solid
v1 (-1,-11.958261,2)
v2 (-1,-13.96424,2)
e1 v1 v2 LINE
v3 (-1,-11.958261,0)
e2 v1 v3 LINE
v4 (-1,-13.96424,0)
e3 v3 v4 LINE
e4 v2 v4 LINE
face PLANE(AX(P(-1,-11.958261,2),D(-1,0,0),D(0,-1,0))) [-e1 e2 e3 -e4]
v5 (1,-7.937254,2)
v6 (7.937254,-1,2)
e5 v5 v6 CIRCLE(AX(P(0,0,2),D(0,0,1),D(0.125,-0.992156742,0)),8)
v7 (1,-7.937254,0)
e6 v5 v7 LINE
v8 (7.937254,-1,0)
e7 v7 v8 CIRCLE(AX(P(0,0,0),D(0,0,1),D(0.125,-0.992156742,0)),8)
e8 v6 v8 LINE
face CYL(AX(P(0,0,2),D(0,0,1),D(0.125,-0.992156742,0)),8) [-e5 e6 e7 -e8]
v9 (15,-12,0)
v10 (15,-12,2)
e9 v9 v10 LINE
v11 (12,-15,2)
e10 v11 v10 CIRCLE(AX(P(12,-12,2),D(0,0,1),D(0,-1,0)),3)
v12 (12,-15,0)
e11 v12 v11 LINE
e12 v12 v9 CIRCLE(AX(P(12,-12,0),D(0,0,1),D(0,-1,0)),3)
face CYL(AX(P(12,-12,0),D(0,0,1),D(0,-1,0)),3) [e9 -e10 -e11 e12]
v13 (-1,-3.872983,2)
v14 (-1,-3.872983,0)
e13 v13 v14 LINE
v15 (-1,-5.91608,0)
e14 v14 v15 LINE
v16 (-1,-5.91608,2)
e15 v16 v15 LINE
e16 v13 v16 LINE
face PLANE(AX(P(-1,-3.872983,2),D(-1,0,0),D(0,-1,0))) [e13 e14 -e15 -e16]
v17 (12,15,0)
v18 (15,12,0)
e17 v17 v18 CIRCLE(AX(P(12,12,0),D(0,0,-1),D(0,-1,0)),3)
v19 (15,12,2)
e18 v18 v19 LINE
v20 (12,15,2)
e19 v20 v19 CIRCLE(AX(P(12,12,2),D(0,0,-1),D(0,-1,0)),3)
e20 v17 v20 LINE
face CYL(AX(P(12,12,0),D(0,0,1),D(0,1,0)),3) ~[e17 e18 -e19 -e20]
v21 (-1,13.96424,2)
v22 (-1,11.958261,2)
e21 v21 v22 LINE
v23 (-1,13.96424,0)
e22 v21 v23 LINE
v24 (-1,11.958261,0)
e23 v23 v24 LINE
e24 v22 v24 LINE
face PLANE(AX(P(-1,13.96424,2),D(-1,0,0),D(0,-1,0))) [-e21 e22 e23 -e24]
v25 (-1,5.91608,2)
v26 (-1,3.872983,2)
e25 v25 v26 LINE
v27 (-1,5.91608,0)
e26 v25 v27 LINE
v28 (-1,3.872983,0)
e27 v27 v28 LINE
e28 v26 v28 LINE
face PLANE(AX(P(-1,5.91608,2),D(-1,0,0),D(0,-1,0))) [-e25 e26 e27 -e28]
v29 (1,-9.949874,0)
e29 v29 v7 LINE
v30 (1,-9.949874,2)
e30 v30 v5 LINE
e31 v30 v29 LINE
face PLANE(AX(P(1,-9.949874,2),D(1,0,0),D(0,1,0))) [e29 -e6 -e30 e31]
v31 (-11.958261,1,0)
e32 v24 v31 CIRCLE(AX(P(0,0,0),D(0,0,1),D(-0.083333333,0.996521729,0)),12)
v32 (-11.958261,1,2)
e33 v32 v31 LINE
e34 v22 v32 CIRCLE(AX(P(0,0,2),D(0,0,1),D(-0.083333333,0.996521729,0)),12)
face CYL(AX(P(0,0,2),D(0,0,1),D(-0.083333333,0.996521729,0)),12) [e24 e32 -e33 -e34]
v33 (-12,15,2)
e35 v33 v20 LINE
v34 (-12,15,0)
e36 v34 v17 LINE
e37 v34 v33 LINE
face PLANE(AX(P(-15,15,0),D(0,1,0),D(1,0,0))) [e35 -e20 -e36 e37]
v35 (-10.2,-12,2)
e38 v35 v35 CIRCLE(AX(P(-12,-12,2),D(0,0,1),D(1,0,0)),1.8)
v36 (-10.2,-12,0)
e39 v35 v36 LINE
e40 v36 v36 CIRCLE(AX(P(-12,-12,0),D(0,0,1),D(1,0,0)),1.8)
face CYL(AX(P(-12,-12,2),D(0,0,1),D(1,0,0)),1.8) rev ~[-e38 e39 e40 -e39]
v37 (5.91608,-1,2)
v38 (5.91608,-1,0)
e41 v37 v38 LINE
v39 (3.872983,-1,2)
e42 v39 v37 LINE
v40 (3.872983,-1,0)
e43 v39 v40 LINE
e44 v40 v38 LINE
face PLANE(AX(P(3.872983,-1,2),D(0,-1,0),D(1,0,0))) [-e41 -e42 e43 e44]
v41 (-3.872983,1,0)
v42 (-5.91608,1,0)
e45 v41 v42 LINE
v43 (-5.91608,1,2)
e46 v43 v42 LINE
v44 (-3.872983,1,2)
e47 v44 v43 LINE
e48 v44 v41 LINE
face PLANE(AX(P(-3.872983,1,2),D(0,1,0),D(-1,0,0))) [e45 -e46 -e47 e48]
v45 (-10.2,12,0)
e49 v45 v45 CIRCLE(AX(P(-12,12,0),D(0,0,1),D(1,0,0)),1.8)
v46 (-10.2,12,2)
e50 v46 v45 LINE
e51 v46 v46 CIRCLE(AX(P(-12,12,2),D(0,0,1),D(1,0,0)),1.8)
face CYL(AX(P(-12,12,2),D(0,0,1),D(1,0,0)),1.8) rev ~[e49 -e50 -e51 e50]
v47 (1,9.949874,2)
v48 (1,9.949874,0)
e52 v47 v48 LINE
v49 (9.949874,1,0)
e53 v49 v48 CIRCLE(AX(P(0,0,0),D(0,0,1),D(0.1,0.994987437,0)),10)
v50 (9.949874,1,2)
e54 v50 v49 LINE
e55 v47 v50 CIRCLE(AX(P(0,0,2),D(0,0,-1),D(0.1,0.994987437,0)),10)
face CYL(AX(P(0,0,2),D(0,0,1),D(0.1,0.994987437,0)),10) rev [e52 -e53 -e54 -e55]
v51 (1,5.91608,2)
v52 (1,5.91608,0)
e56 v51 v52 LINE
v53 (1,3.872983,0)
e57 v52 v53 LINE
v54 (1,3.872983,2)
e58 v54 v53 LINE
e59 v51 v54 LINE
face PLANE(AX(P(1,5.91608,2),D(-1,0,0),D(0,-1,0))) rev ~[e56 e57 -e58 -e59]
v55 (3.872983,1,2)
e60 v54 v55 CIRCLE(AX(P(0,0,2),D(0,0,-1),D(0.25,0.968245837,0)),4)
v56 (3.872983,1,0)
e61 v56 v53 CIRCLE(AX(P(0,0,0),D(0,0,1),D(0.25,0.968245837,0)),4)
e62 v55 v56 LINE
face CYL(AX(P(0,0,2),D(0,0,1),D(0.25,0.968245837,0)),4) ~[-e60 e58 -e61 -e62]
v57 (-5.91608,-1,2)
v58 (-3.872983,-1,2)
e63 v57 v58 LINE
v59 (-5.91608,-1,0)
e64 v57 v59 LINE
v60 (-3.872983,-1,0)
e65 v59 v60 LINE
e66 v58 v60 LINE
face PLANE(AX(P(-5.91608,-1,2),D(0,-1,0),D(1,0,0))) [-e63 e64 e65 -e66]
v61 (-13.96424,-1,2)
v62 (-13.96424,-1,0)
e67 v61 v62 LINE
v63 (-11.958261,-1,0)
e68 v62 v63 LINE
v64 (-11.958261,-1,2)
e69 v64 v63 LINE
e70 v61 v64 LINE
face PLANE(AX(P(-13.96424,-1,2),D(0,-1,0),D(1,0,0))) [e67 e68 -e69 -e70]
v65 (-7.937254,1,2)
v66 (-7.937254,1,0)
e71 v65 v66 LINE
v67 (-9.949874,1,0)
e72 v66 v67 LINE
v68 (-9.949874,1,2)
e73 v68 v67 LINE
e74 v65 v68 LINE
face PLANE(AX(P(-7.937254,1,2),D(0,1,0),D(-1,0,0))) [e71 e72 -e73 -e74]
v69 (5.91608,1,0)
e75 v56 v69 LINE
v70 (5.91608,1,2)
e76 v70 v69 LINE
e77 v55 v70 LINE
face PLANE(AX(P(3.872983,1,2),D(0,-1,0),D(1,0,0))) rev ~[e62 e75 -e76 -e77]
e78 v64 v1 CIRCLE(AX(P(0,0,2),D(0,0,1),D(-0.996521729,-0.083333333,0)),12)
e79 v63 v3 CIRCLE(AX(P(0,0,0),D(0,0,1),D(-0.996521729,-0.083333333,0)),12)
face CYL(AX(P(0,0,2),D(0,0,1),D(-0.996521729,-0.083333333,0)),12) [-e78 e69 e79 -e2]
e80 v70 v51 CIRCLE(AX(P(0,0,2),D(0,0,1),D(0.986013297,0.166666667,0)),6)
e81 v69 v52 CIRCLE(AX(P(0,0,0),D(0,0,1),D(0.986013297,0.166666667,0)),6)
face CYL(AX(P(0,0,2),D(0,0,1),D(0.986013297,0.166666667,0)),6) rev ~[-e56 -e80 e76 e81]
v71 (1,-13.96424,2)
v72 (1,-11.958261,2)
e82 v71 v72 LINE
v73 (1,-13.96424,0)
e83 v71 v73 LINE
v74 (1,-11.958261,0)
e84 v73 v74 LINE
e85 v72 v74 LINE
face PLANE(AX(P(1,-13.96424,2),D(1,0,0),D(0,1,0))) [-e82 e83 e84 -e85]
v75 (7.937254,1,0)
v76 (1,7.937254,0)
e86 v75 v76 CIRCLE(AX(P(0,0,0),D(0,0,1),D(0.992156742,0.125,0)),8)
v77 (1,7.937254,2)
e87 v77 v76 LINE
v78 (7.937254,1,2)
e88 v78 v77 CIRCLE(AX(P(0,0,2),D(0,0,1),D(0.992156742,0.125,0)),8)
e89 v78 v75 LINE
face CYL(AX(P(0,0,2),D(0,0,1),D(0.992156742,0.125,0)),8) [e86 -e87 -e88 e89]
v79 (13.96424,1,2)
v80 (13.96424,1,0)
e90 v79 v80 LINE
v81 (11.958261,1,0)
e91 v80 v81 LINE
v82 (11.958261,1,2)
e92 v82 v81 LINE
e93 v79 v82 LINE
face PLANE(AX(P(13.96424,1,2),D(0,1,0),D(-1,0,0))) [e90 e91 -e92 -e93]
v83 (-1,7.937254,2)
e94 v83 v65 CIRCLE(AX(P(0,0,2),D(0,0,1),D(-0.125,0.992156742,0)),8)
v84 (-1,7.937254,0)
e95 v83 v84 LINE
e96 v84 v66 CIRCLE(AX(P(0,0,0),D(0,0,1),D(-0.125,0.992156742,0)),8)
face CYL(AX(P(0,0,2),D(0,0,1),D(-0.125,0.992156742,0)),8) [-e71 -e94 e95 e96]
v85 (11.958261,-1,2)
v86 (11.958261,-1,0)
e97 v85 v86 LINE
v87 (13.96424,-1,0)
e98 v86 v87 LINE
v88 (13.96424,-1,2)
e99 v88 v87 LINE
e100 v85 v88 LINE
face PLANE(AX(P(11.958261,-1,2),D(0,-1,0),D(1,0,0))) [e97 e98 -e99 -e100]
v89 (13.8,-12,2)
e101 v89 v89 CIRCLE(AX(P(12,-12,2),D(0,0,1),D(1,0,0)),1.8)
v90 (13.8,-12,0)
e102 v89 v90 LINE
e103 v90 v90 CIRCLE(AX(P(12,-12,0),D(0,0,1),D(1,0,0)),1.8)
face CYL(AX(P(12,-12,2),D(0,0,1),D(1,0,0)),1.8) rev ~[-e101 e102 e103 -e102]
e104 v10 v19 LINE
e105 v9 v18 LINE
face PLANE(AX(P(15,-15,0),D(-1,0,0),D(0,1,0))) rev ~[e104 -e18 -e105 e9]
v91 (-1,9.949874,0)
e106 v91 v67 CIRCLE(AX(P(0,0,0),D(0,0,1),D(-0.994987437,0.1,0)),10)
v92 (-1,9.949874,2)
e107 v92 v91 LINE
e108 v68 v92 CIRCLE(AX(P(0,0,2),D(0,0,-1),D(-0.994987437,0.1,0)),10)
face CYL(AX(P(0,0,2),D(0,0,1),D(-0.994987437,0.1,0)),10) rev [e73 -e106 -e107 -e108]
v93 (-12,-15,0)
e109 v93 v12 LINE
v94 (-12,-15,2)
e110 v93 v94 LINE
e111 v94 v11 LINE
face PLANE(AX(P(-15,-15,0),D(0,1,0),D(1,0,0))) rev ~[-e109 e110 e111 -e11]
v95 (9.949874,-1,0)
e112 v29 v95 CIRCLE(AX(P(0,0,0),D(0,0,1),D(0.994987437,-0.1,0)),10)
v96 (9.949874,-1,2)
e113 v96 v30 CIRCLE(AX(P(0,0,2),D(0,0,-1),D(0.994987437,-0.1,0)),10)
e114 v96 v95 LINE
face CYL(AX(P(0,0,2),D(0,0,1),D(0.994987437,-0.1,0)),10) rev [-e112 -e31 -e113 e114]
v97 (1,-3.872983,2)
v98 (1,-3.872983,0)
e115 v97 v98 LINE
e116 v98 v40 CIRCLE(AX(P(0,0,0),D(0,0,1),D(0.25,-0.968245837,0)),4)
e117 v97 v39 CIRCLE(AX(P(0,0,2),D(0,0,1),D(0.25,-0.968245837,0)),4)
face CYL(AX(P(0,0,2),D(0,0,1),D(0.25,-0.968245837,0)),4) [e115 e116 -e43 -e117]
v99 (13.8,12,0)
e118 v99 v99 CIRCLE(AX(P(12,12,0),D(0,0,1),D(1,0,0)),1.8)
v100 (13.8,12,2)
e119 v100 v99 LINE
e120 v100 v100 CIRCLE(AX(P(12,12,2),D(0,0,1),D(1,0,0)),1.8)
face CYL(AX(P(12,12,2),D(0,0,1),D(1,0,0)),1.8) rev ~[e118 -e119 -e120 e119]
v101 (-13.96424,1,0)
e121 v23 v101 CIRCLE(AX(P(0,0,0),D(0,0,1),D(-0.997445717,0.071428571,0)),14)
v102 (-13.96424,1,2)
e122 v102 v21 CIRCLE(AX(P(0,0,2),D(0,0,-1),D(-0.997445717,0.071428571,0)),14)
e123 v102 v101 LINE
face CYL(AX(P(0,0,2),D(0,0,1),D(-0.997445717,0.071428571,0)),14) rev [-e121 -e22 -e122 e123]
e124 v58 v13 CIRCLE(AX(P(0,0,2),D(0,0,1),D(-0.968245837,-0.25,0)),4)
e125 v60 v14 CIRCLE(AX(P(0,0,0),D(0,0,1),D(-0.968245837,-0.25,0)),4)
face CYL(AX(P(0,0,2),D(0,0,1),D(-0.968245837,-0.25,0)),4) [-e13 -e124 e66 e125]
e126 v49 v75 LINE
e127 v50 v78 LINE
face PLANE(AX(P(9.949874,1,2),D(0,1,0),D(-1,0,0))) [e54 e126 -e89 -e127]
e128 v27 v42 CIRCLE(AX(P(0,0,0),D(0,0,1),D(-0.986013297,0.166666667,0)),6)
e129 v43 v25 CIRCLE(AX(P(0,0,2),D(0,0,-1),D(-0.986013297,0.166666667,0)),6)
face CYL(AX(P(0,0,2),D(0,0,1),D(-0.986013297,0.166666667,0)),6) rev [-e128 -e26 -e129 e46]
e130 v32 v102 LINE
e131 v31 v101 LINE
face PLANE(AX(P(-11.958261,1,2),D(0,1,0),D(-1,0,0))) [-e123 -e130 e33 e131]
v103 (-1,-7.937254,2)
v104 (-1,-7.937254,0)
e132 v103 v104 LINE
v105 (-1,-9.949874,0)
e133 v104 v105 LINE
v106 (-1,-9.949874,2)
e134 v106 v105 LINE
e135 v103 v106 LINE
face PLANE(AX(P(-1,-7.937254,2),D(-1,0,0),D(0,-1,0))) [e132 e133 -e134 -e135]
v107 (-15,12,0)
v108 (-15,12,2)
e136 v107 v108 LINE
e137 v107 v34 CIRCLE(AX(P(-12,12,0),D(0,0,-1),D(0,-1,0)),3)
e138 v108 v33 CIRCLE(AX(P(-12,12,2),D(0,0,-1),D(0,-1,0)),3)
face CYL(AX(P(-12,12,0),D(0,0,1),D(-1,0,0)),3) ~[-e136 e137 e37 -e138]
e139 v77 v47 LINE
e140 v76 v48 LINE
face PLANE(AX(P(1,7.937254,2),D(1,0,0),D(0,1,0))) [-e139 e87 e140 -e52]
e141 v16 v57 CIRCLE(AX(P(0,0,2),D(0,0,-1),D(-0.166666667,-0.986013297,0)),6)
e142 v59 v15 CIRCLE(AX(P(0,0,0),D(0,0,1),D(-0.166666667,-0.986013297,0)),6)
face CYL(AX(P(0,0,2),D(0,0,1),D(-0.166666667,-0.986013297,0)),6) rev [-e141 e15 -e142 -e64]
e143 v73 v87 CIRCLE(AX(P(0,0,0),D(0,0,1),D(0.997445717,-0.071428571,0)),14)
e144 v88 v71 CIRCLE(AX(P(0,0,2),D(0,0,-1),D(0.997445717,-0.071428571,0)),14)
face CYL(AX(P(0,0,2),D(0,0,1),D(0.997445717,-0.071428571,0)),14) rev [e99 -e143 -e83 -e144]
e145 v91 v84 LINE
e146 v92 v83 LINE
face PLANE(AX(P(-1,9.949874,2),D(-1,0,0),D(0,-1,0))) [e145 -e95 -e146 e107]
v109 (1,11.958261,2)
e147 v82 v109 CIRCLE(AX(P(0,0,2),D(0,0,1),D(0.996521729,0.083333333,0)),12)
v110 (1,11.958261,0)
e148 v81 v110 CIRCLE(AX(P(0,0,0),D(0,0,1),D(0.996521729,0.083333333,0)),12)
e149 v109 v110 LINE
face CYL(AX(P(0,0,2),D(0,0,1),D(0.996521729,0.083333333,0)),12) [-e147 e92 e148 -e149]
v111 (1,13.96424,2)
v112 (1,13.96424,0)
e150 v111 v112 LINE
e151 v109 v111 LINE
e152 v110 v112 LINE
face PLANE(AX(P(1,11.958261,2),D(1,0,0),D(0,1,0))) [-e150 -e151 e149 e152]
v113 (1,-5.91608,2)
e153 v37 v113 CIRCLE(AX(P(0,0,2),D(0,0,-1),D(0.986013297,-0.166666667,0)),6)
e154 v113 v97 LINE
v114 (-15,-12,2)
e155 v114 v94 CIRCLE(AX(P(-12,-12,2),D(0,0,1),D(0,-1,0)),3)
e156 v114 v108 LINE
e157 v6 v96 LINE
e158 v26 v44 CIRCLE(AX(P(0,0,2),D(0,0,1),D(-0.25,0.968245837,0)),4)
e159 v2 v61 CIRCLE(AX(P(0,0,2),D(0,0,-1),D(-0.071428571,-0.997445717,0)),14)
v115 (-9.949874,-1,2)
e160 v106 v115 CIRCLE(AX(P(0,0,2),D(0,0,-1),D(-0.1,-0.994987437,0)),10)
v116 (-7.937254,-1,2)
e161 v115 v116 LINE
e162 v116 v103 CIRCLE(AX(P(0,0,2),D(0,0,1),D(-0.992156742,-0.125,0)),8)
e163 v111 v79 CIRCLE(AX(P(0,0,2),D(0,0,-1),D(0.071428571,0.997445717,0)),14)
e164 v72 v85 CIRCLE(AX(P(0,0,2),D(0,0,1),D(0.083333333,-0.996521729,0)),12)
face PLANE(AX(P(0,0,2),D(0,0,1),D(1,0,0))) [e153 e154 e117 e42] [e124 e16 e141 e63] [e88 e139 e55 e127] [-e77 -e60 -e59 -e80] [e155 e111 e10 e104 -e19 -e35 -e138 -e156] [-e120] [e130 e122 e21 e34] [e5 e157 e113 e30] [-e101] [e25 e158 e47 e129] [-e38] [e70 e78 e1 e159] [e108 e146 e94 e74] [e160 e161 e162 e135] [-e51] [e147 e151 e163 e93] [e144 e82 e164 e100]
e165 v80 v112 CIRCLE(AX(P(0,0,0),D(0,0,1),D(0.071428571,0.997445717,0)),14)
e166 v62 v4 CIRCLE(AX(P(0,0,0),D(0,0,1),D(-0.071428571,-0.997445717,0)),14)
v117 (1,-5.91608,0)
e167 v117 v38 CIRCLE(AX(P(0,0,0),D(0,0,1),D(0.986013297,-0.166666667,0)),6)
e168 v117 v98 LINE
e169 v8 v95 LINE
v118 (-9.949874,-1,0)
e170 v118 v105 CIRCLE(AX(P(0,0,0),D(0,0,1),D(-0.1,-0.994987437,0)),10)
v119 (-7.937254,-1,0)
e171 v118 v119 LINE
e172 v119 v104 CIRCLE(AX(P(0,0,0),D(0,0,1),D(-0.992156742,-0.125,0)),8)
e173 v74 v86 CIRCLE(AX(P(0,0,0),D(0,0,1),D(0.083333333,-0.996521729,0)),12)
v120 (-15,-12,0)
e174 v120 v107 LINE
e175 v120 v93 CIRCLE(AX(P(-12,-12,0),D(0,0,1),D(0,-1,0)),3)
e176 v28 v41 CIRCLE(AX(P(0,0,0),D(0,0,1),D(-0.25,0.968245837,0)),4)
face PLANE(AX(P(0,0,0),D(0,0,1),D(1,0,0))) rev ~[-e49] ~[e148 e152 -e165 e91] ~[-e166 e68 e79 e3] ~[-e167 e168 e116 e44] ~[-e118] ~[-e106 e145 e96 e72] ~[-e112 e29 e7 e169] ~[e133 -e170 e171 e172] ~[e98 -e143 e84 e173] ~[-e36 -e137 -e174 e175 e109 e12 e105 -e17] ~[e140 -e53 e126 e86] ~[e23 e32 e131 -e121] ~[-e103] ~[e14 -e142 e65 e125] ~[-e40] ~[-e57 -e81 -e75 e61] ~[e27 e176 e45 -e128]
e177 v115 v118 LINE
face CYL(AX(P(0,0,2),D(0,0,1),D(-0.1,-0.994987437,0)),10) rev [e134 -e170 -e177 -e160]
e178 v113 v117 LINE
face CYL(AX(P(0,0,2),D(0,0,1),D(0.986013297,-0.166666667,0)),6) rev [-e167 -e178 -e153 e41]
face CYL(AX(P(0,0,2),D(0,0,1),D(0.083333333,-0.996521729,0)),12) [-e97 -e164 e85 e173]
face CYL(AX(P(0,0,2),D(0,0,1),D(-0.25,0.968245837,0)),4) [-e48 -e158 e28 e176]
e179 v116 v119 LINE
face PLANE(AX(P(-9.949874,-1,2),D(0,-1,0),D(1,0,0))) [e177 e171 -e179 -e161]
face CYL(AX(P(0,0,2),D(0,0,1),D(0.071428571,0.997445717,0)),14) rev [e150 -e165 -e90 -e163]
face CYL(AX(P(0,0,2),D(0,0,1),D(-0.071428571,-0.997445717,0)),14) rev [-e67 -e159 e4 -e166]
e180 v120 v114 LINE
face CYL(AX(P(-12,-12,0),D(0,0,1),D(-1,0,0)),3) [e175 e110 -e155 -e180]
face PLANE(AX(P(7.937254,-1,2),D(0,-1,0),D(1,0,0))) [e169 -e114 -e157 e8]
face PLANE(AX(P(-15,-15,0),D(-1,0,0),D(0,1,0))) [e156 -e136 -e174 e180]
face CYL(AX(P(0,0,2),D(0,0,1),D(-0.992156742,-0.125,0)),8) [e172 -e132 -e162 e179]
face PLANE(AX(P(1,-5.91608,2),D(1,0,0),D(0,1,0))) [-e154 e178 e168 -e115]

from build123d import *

# Parameters (mm, degrees)
SKETCH1_W           = 30
SKETCH1_H           = 30
BOSS_EXTRUDE1_DEPTH = 2
SKETCH2_R           = 1.8
CUT_EXTRUDE1_DEPTH  = 22.307275753
FILLET1_R           = 3
CUT_EXTRUDE2_DEPTH  = 22.307275753


with BuildPart() as part:
    # Sketch1 → Boss-Extrude1 (new body)
    with BuildSketch(Plane.XY):
        Rectangle(SKETCH1_W, SKETCH1_H)
    extrude(amount=BOSS_EXTRUDE1_DEPTH)

    # Sketch2 → Cut-Extrude1 (cut, through all)
    with BuildSketch(Plane.XY.offset(2)):
        with Locations((-12, 12)):
            Circle(SKETCH2_R)
        with Locations((12, 12)):
            Circle(SKETCH2_R)
        with Locations((12, -12)):
            Circle(SKETCH2_R)
        with Locations((-12, -12)):
            Circle(SKETCH2_R)
    extrude(amount=-CUT_EXTRUDE1_DEPTH, mode=Mode.SUBTRACT)

    # Fillet1
    fillet1_edges = [part.edges().sort_by_distance(p)[0] for p in [
        (15, -15, 1),
        (-15, -15, 1),
        (-15, 15, 1),
        (15, 15, 1),
    ]]
    fillet(fillet1_edges, radius=FILLET1_R)

    # Sketch3 → Cut-Extrude2 (cut, through all)
    with BuildSketch(Plane.XY.offset(2)):
        with BuildLine():
            Line((-7.937253933, 1), (-9.949874371, 1))
            ThreePointArc((-9.949874371, 1), (-7.071067812, 7.071067812), (-1, 9.949874371))
            Line((-1, 9.949874371), (-1, 7.937253933))
            ThreePointArc((-1, 7.937253933), (-5.656854249, 5.656854249), (-7.937253933, 1))
        make_face()
        with BuildLine():
            Line((-1, -3.872983346), (-1, -5.916079783))
            ThreePointArc((-1, -5.916079783), (-4.242640687, -4.242640687), (-5.916079783, -1))
            Line((-5.916079783, -1), (-3.872983346, -1))
            ThreePointArc((-3.872983346, -1), (-2.828427125, -2.828427125), (-1, -3.872983346))
        make_face()
        with BuildLine():
            Line((-3.872983346, 1), (-5.916079783, 1))
            ThreePointArc((-5.916079783, 1), (-4.242640687, 4.242640687), (-1, 5.916079783))
            Line((-1, 5.916079783), (-1, 3.872983346))
            ThreePointArc((-1, 3.872983346), (-2.828427125, 2.828427125), (-3.872983346, 1))
        make_face()
        with BuildLine():
            Line((3.872983346, -1), (5.916079783, -1))
            ThreePointArc((5.916079783, -1), (4.242640687, -4.242640687), (1, -5.916079783))
            Line((1, -5.916079783), (1, -3.872983346))
            ThreePointArc((1, -3.872983346), (2.828427125, -2.828427125), (3.872983346, -1))
        make_face()
        with BuildLine():
            Line((3.872983346, 1), (5.916079783, 1))
            ThreePointArc((5.916079783, 1), (4.242640687, 4.242640687), (1, 5.916079783))
            Line((1, 5.916079783), (1, 3.872983346))
            ThreePointArc((1, 3.872983346), (2.828427125, 2.828427125), (3.872983346, 1))
        make_face()
        with BuildLine():
            Line((-11.958260743, 1), (-13.964240044, 1))
            ThreePointArc((-13.964240044, 1), (-9.899494937, 9.899494937), (-1, 13.964240044))
            Line((-1, 13.964240044), (-1, 11.958260743))
            ThreePointArc((-1, 11.958260743), (-8.485281374, 8.485281374), (-11.958260743, 1))
        make_face()
        with BuildLine():
            Line((1, 11.958260743), (1, 13.964240044))
            ThreePointArc((1, 13.964240044), (9.899494937, 9.899494937), (13.964240044, 1))
            Line((13.964240044, 1), (11.958260743, 1))
            ThreePointArc((11.958260743, 1), (8.485281374, 8.485281374), (1, 11.958260743))
        make_face()
        with BuildLine():
            Line((1, 7.937253933), (1, 9.949874371))
            ThreePointArc((1, 9.949874371), (7.071067812, 7.071067812), (9.949874371, 1))
            Line((9.949874371, 1), (7.937253933, 1))
            ThreePointArc((7.937253933, 1), (5.656854249, 5.656854249), (1, 7.937253933))
        make_face()
        with BuildLine():
            Line((7.937253933, -1), (9.949874371, -1))
            ThreePointArc((9.949874371, -1), (7.071067812, -7.071067812), (1, -9.949874371))
            Line((1, -9.949874371), (1, -7.937253933))
            ThreePointArc((1, -7.937253933), (5.656854249, -5.656854249), (7.937253933, -1))
        make_face()
        with BuildLine():
            Line((11.958260743, -1), (13.964240044, -1))
            ThreePointArc((13.964240044, -1), (9.899494937, -9.899494937), (1, -13.964240044))
            Line((1, -13.964240044), (1, -11.958260743))
            ThreePointArc((1, -11.958260743), (8.485281374, -8.485281374), (11.958260743, -1))
        make_face()
        with BuildLine():
            Line((-1, -11.958260743), (-1, -13.964240044))
            ThreePointArc((-1, -13.964240044), (-9.899494937, -9.899494937), (-13.964240044, -1))
            Line((-13.964240044, -1), (-11.958260743, -1))
            ThreePointArc((-11.958260743, -1), (-8.485281374, -8.485281374), (-1, -11.958260743))
        make_face()
        with BuildLine():
            Line((-1, -7.937253933), (-1, -9.949874371))
            ThreePointArc((-1, -9.949874371), (-7.071067812, -7.071067812), (-9.949874371, -1))
            Line((-9.949874371, -1), (-7.937253933, -1))
            ThreePointArc((-7.937253933, -1), (-5.656854249, -5.656854249), (-1, -7.937253933))
        make_face()
    extrude(amount=-CUT_EXTRUDE2_DEPTH, mode=Mode.SUBTRACT)


solid = part.part
